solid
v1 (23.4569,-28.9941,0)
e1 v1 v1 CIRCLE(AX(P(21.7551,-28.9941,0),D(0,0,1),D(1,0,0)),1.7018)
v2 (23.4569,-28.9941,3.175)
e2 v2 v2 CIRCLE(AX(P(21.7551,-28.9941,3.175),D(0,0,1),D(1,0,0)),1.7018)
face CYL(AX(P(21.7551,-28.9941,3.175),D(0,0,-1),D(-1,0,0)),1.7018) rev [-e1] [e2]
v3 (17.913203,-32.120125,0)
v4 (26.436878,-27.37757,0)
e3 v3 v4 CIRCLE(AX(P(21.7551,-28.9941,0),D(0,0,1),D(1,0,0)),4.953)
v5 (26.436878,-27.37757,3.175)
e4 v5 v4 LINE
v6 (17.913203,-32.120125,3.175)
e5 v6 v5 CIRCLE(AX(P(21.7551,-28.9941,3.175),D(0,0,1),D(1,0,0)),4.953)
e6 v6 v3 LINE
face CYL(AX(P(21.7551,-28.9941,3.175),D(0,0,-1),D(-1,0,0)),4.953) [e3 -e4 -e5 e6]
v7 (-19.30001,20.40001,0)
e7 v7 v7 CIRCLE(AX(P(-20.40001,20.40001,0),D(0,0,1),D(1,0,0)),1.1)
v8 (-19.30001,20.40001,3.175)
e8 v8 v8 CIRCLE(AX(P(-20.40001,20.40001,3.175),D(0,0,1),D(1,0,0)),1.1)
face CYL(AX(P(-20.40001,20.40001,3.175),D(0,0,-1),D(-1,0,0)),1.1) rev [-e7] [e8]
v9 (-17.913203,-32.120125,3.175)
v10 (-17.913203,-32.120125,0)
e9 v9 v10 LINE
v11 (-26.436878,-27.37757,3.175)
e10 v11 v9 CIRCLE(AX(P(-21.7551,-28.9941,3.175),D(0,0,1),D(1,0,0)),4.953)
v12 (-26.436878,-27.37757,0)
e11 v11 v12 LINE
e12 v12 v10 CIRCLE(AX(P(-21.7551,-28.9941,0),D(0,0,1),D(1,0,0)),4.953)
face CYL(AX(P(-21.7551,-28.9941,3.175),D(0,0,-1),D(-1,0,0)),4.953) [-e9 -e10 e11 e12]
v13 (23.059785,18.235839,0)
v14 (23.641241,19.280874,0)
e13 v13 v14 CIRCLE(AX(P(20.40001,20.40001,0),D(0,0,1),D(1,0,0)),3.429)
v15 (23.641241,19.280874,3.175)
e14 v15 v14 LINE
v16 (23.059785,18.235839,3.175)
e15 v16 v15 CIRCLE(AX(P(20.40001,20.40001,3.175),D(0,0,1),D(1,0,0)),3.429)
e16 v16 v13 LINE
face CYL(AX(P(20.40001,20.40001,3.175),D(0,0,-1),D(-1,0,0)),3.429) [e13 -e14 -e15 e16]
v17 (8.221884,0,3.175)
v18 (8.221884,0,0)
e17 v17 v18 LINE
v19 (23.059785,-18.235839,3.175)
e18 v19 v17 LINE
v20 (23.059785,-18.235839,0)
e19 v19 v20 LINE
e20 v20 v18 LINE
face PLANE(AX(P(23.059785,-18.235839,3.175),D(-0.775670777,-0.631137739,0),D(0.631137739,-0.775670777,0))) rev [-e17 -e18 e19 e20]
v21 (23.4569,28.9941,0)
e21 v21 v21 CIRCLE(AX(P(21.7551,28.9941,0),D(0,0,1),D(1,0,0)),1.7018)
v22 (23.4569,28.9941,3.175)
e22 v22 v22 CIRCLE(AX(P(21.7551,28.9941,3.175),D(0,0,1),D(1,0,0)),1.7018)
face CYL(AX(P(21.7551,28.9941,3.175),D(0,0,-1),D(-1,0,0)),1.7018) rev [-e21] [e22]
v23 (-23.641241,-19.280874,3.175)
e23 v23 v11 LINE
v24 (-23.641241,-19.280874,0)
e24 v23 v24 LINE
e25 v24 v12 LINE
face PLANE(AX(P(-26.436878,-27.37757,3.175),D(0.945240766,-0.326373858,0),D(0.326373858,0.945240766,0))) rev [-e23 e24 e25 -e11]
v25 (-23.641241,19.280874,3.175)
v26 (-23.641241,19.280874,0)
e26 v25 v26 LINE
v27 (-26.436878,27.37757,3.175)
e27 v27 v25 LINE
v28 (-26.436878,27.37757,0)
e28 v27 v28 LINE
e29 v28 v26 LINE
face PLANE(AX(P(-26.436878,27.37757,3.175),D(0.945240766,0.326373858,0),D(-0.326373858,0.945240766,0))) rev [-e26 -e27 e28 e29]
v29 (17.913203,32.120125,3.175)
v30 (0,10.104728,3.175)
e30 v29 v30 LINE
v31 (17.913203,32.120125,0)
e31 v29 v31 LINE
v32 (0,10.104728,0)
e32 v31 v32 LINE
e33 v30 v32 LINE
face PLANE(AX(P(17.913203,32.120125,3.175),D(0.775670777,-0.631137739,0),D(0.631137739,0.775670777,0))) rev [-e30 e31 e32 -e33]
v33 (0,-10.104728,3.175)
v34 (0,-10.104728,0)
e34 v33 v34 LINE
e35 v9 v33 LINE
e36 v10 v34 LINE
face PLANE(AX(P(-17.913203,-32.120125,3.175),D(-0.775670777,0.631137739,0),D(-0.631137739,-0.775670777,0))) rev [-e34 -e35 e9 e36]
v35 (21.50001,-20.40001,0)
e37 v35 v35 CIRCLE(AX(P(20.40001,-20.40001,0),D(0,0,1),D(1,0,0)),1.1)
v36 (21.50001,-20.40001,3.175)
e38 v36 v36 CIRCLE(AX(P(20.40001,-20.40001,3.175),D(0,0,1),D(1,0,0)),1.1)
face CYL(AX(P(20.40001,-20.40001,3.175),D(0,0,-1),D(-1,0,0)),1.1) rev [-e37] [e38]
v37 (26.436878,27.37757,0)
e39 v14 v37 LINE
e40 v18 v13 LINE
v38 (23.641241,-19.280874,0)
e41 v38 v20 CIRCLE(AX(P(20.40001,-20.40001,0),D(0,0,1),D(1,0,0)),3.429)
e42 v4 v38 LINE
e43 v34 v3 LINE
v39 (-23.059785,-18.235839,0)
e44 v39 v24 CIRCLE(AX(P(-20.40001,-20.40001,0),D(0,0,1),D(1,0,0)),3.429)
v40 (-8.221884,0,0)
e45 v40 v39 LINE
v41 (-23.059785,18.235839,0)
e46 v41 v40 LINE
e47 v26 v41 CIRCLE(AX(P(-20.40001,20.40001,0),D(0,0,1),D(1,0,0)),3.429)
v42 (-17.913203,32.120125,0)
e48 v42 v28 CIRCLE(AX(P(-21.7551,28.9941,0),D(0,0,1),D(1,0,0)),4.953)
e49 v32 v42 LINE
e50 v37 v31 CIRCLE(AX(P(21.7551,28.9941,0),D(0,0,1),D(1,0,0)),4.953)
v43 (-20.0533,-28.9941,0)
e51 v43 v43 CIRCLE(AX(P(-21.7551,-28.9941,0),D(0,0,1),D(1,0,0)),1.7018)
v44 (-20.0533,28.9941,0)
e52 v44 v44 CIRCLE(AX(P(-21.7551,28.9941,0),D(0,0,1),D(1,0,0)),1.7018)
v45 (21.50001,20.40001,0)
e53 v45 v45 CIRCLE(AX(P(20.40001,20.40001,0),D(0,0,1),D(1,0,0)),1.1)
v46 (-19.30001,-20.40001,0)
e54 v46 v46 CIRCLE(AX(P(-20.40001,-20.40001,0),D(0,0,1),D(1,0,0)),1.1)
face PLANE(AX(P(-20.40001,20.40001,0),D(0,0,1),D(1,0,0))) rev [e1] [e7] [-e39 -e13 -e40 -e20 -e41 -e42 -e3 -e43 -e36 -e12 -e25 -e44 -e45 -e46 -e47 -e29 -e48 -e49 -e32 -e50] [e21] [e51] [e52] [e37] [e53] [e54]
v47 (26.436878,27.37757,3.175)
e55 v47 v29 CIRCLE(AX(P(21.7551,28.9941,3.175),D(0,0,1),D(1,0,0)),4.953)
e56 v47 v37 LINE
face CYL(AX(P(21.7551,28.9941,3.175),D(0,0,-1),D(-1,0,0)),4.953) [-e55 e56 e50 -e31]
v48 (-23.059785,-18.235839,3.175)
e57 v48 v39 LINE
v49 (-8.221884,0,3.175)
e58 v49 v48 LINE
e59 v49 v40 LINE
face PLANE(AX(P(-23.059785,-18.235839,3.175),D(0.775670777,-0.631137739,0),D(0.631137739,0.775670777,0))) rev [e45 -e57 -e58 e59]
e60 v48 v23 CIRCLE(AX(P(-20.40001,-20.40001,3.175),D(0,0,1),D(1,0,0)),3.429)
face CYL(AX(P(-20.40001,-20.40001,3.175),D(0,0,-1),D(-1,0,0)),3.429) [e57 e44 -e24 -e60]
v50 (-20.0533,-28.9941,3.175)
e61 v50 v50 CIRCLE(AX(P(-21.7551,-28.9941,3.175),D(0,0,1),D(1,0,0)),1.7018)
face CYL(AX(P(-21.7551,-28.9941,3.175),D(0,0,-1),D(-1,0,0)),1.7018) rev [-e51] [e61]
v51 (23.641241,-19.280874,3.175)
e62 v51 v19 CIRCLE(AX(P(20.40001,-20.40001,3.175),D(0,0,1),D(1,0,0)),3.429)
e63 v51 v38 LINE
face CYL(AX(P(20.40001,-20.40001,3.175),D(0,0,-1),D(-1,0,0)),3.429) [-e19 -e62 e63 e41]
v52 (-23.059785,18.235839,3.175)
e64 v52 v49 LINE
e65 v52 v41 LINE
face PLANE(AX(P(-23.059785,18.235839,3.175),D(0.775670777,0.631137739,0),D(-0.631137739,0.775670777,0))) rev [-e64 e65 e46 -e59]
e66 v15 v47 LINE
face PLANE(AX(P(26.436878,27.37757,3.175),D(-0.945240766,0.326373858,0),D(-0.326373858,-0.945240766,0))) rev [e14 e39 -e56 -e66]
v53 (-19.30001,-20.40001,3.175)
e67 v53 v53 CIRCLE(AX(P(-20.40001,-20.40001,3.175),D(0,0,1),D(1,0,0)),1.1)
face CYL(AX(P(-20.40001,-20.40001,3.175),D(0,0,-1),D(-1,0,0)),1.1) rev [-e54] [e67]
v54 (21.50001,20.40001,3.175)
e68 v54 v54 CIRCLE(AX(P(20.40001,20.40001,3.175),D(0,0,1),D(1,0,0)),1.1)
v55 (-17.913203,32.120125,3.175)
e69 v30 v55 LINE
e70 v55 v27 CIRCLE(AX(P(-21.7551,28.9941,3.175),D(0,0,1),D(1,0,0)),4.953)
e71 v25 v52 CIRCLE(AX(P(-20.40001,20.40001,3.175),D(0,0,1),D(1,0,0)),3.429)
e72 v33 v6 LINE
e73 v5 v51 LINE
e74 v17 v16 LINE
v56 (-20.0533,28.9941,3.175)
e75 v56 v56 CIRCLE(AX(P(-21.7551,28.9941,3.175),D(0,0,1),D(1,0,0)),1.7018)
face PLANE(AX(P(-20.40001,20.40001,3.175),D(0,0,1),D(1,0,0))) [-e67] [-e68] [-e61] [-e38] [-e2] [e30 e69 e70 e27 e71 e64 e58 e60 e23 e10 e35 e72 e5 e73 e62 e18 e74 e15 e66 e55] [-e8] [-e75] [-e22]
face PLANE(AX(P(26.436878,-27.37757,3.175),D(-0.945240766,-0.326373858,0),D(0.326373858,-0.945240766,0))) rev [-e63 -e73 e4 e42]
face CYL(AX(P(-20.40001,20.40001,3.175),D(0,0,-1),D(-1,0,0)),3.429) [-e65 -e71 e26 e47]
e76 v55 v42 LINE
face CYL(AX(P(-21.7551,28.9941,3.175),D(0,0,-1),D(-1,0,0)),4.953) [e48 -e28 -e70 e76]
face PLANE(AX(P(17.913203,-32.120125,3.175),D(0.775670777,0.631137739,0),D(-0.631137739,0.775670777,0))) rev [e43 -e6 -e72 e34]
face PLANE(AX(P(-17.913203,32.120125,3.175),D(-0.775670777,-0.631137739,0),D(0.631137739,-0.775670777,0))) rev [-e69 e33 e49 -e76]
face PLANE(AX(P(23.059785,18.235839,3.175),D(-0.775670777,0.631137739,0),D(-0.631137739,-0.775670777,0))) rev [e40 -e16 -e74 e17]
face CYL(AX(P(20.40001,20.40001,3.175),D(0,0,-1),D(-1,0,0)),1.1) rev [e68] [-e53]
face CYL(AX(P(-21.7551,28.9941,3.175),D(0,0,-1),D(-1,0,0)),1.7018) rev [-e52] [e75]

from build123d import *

# Parameters (mm, degrees)
SKETCH1_R           = 1.7018
SKETCH1_R_2         = 1.1
BOSS_EXTRUDE1_DEPTH = 3.175


with BuildPart() as part:
    # Sketch1 → Boss-Extrude1 (new body)
    with BuildSketch(Plane.XY):
        with BuildLine():
            Line((-23.059785094, 18.235838692), (-8.221884337, 0))
            Line((-8.221884337, 0), (-23.059785094, -18.235838692))
            ThreePointArc((-23.059785094, -18.235838692), (-23.396423143, -18.732811969), (-23.641240585, -19.280874041))
            Line((-23.641240585, -19.280874041), (-26.436877512, -27.377570282))
            ThreePointArc((-26.436877512, -27.377570282), (-24.163274934, -33.322252318), (-17.913202642, -32.120125223))
            Line((-17.913202642, -32.120125223), (0, -10.104728355))
            Line((0, -10.104728355), (17.913202642, -32.120125223))
            ThreePointArc((17.913202642, -32.120125223), (24.163274934, -33.322252318), (26.436877512, -27.377570282))
            Line((26.436877512, -27.377570282), (23.641240585, -19.280874041))
            ThreePointArc((23.641240585, -19.280874041), (23.396423143, -18.732811969), (23.059785094, -18.235838692))
            Line((23.059785094, -18.235838692), (8.221884337, 0))
            Line((8.221884337, 0), (23.059785094, 18.235838692))
            ThreePointArc((23.059785094, 18.235838692), (23.396423143, 18.732811969), (23.641240585, 19.280874041))
            Line((23.641240585, 19.280874041), (26.436877512, 27.377570282))
            ThreePointArc((26.436877512, 27.377570282), (24.163274934, 33.322252318), (17.913202642, 32.120125223))
            Line((17.913202642, 32.120125223), (0, 10.104728355))
            Line((0, 10.104728355), (-17.913202642, 32.120125223))
            ThreePointArc((-17.913202642, 32.120125223), (-24.163274934, 33.322252318), (-26.436877512, 27.377570282))
            Line((-26.436877512, 27.377570282), (-23.641240585, 19.280874041))
            ThreePointArc((-23.641240585, 19.280874041), (-23.396423143, 18.732811969), (-23.059785094, 18.235838692))
        make_face()
        with Locations((21.7551, 28.9941)):
            Circle(SKETCH1_R, mode=Mode.SUBTRACT)
        with Locations((-21.7551, 28.9941)):
            Circle(SKETCH1_R, mode=Mode.SUBTRACT)
        with Locations((-21.7551, -28.9941)):
            Circle(SKETCH1_R, mode=Mode.SUBTRACT)
        with Locations((21.7551, -28.9941)):
            Circle(SKETCH1_R, mode=Mode.SUBTRACT)
        with Locations((20.40001, 20.40001)):
            Circle(SKETCH1_R_2, mode=Mode.SUBTRACT)
        with Locations((-20.40001, 20.40001)):
            Circle(SKETCH1_R_2, mode=Mode.SUBTRACT)
        with Locations((-20.40001, -20.40001)):
            Circle(SKETCH1_R_2, mode=Mode.SUBTRACT)
        with Locations((20.40001, -20.40001)):
            Circle(SKETCH1_R_2, mode=Mode.SUBTRACT)
    extrude(amount=BOSS_EXTRUDE1_DEPTH)


solid = part.part
